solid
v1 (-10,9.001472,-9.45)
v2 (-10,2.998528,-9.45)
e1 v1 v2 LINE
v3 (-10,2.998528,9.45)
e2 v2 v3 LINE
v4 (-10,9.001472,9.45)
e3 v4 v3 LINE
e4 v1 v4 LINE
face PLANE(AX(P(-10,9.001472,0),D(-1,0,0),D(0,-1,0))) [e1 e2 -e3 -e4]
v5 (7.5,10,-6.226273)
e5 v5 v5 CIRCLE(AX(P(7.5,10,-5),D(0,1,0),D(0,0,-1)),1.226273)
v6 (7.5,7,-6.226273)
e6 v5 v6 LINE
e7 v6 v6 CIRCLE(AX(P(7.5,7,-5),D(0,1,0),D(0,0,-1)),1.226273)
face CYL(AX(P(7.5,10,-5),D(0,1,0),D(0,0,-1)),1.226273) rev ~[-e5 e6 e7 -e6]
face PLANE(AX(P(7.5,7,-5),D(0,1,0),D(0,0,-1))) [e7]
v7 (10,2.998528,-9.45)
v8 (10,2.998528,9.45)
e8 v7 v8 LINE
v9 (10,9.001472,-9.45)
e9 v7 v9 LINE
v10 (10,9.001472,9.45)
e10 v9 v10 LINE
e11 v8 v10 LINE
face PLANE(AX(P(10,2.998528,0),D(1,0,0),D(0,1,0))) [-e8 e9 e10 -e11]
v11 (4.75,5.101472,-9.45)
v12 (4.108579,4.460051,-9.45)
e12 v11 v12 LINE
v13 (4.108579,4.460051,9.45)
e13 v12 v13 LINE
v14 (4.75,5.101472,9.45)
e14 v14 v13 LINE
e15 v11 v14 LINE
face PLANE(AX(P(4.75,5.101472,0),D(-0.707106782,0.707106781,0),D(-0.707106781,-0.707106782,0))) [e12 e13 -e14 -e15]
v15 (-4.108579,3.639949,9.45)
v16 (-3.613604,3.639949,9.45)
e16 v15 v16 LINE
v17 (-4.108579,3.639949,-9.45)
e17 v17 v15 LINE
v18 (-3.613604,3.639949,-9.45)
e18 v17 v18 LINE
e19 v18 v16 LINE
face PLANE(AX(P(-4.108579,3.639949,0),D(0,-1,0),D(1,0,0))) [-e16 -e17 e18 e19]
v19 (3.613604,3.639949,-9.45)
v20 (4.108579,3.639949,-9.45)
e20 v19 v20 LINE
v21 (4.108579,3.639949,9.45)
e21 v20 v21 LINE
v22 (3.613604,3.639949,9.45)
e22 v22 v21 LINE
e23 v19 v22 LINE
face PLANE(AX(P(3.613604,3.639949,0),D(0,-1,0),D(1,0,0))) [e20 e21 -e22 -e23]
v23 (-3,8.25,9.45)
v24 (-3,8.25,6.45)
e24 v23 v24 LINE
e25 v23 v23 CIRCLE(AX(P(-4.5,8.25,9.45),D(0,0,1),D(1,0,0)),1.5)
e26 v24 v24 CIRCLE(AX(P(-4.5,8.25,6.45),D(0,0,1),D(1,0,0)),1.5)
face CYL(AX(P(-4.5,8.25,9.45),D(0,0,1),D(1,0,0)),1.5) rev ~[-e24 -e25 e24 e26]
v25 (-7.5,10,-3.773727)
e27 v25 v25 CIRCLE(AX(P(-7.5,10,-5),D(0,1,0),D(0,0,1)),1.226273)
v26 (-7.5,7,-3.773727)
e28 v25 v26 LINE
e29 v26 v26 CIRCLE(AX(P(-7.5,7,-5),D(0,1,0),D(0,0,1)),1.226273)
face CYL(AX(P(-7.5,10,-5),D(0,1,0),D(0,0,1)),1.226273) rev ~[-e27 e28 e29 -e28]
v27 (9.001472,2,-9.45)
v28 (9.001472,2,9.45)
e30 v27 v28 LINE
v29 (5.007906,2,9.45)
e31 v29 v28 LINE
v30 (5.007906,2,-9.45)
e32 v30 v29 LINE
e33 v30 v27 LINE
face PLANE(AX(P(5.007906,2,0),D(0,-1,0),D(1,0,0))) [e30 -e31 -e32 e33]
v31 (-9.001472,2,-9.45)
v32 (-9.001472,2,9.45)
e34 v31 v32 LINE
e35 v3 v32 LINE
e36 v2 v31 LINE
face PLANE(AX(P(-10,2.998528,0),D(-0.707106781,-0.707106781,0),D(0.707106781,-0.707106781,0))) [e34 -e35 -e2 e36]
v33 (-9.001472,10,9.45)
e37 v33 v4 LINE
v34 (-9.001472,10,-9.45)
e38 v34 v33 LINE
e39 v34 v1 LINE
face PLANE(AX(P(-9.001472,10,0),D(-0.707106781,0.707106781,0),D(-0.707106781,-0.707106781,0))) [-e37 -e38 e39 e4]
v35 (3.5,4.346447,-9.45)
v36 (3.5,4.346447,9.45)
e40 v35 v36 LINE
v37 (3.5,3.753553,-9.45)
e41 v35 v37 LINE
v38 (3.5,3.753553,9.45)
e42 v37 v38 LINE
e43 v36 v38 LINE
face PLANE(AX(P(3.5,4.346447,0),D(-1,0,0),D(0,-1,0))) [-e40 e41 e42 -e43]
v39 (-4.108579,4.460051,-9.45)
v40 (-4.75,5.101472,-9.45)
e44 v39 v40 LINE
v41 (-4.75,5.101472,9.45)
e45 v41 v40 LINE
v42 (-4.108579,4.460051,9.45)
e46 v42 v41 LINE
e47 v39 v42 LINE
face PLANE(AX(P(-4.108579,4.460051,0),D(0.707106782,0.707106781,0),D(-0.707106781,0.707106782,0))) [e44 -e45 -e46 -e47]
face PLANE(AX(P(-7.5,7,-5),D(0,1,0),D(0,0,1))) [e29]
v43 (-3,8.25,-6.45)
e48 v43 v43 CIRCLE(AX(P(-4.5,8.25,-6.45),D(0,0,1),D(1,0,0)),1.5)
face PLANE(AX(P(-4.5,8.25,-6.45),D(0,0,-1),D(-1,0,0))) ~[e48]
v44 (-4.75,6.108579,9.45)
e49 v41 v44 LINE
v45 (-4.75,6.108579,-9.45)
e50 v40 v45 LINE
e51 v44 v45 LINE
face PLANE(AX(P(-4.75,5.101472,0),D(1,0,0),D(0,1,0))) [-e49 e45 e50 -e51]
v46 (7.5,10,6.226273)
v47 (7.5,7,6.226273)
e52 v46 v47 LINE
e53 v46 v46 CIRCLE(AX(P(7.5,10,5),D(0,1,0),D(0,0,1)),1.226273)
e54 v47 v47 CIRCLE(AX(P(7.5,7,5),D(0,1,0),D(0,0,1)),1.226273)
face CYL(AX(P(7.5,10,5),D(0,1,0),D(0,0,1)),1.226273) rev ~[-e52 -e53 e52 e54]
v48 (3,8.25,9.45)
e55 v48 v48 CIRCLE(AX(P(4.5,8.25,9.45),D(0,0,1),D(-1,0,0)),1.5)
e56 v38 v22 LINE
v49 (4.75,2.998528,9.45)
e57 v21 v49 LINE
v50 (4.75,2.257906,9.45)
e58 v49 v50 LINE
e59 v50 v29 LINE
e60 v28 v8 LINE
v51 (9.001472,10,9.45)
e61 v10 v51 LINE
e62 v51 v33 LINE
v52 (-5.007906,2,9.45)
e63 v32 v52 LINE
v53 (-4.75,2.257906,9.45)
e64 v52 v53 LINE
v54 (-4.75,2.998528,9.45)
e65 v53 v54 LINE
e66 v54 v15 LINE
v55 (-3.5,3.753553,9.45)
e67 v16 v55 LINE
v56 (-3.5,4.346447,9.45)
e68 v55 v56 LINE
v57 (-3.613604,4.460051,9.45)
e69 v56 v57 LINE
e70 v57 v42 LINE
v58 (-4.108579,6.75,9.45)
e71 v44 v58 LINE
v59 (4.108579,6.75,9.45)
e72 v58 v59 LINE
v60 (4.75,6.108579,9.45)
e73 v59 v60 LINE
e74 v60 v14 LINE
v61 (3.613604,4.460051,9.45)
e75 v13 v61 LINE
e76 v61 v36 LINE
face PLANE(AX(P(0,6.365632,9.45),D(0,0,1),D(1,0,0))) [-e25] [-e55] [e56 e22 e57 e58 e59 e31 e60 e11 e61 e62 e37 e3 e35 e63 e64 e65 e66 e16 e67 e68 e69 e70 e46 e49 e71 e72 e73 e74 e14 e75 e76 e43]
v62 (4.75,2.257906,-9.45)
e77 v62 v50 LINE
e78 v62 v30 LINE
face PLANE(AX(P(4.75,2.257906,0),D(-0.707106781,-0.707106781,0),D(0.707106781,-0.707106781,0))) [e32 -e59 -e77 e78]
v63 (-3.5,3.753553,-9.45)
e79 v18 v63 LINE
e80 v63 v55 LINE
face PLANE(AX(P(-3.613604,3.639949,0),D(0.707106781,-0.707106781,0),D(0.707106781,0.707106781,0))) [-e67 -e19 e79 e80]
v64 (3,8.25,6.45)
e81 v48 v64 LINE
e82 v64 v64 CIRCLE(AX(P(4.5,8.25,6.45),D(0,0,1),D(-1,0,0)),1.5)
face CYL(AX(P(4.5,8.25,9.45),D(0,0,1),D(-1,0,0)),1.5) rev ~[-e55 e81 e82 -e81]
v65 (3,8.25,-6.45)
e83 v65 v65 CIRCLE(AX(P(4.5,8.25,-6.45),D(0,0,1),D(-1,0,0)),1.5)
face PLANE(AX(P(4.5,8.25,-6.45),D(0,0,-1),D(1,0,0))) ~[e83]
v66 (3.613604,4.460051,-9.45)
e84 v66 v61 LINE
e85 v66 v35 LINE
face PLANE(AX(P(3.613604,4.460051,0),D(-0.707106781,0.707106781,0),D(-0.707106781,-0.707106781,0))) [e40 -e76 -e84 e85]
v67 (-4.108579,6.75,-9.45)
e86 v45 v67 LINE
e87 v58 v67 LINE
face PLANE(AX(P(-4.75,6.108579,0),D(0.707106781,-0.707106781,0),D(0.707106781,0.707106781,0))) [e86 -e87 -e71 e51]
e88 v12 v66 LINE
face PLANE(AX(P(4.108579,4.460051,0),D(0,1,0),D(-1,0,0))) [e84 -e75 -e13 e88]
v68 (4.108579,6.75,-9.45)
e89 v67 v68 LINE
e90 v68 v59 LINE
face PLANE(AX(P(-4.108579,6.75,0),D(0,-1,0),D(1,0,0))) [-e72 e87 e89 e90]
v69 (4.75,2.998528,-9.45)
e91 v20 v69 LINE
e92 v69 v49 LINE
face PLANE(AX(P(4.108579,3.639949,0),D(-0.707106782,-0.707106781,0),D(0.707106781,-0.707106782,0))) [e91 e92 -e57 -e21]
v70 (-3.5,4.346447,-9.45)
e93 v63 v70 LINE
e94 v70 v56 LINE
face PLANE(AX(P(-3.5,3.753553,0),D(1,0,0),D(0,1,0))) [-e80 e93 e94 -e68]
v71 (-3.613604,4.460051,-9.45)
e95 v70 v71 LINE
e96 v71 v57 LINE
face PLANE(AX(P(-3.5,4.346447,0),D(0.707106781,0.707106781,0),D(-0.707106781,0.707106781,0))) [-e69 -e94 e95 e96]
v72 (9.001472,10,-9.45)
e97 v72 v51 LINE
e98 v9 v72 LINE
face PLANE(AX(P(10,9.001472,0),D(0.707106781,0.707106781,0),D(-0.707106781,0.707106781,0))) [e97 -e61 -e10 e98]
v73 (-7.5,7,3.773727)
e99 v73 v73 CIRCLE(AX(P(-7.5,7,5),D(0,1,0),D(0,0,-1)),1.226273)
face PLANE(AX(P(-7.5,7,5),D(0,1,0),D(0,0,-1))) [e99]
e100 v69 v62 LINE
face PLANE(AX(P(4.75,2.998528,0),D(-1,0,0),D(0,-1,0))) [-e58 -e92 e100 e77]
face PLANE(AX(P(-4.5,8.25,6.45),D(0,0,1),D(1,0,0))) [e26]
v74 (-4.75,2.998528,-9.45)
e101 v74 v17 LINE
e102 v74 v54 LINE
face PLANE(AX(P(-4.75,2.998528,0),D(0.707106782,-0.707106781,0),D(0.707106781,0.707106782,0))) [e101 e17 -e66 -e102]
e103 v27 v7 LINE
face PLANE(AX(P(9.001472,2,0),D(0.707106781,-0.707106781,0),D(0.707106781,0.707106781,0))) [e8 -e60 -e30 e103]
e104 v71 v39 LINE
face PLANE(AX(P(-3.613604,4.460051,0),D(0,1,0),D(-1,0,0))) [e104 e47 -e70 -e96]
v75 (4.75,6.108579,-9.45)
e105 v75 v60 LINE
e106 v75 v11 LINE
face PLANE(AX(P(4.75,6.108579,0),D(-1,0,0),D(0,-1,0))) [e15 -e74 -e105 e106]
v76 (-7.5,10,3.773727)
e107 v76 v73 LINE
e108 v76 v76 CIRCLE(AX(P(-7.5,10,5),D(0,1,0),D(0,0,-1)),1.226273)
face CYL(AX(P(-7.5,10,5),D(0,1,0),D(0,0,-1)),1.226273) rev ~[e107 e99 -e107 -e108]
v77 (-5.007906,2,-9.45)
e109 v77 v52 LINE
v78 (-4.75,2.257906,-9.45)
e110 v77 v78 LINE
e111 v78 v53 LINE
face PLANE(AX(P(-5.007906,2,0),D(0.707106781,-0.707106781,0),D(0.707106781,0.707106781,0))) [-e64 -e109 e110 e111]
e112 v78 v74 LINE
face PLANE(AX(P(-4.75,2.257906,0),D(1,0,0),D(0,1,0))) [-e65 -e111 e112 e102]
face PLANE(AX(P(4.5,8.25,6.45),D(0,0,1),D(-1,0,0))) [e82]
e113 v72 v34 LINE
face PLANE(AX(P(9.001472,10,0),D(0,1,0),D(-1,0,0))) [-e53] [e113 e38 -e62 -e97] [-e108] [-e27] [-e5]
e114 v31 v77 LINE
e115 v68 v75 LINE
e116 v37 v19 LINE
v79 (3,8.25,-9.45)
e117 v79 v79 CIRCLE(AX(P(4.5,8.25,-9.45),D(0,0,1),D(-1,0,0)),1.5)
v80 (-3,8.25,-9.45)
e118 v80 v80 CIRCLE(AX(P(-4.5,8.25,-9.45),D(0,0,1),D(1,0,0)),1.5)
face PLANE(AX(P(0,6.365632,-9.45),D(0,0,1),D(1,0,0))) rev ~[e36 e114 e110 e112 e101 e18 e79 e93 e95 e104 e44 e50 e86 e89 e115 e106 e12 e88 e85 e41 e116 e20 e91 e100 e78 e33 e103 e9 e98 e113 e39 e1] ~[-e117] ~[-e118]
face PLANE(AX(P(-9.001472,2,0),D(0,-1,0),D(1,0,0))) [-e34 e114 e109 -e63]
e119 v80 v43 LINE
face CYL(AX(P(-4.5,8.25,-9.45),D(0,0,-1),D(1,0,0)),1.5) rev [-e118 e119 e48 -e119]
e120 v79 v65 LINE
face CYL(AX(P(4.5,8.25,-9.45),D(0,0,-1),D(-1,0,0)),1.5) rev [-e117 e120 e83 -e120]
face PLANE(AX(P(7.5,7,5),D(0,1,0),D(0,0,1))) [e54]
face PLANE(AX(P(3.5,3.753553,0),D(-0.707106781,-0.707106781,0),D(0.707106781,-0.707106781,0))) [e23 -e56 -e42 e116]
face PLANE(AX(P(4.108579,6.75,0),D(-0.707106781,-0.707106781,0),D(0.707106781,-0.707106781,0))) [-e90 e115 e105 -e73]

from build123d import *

# Parameters (mm, degrees)
BOSS_EXTRUDE1_DEPTH = 9.45
SKETCH3_R           = 1.5
CUT_EXTRUDE1_DEPTH  = 3
SKETCH4_R           = 1.226272584
CUT_EXTRUDE2_DEPTH  = 3


with BuildPart() as part:
    # Sketch2 → Boss-Extrude1 (new, symmetric)
    with BuildSketch(Plane.XY):
        Polygon((-4.108578644, 6.75), (4.108578644, 6.75), (4.75, 6.108578644), (4.75, 5.101471863), (4.108578644, 4.460050506), (3.613603897, 4.460050506), (3.5, 4.346446609), (3.5, 3.753553391), (3.613603897, 3.639949494), (4.108578644, 3.639949494), (4.75, 2.998528137), (4.75, 2.257905525), (5.007905525, 2), (9.001471863, 2), (10, 2.998528137), (10, 9.001471863), (9.001471863, 10), (-9.001471863, 10), (-10, 9.001471863), (-10, 2.998528137), (-9.001471863, 2), (-5.007905525, 2), (-4.75, 2.257905525), (-4.75, 2.998528137), (-4.108578644, 3.639949494), (-3.613603897, 3.639949494), (-3.5, 3.753553391), (-3.5, 4.346446609), (-3.613603897, 4.460050506), (-4.108578644, 4.460050506), (-4.75, 5.101471863), (-4.75, 6.108578644), align=None)
    extrude(amount=BOSS_EXTRUDE1_DEPTH, both=True)

    # Sketch3 → Cut-Extrude1 (cut)
    with BuildSketch(Plane.XY.offset(9.45)):
        with Locations((-4.5, 8.25)):
            Circle(SKETCH3_R)
        with Locations(Location((4.5, 8.25, 0), (0, 0, 180))):
            Circle(SKETCH3_R)
    cut_extrude1 = extrude(amount=-CUT_EXTRUDE1_DEPTH, mode=Mode.SUBTRACT)

    # Mirror1: Cut-Extrude1 across plane
    add(cut_extrude1.mirror(Plane.XY), mode=Mode.SUBTRACT)

    # Sketch4 → Cut-Extrude2 (cut)
    with BuildSketch(Plane(origin=(0, 10, 0), x_dir=(1, 0, 0), z_dir=(0, 1, 0))):
        with Locations(Location((7.5, -5, 0), (0, 0, 270))):
            Circle(SKETCH4_R)
        with Locations(Location((-7.5, -5, 0), (0, 0, 90))):
            Circle(SKETCH4_R)
        with Locations(Location((-7.5, 5, 0), (0, 0, 270))):
            Circle(SKETCH4_R)
        with Locations(Location((7.5, 5, 0), (0, 0, 90))):
            Circle(SKETCH4_R)
    extrude(amount=-CUT_EXTRUDE2_DEPTH, mode=Mode.SUBTRACT)


solid = part.part
